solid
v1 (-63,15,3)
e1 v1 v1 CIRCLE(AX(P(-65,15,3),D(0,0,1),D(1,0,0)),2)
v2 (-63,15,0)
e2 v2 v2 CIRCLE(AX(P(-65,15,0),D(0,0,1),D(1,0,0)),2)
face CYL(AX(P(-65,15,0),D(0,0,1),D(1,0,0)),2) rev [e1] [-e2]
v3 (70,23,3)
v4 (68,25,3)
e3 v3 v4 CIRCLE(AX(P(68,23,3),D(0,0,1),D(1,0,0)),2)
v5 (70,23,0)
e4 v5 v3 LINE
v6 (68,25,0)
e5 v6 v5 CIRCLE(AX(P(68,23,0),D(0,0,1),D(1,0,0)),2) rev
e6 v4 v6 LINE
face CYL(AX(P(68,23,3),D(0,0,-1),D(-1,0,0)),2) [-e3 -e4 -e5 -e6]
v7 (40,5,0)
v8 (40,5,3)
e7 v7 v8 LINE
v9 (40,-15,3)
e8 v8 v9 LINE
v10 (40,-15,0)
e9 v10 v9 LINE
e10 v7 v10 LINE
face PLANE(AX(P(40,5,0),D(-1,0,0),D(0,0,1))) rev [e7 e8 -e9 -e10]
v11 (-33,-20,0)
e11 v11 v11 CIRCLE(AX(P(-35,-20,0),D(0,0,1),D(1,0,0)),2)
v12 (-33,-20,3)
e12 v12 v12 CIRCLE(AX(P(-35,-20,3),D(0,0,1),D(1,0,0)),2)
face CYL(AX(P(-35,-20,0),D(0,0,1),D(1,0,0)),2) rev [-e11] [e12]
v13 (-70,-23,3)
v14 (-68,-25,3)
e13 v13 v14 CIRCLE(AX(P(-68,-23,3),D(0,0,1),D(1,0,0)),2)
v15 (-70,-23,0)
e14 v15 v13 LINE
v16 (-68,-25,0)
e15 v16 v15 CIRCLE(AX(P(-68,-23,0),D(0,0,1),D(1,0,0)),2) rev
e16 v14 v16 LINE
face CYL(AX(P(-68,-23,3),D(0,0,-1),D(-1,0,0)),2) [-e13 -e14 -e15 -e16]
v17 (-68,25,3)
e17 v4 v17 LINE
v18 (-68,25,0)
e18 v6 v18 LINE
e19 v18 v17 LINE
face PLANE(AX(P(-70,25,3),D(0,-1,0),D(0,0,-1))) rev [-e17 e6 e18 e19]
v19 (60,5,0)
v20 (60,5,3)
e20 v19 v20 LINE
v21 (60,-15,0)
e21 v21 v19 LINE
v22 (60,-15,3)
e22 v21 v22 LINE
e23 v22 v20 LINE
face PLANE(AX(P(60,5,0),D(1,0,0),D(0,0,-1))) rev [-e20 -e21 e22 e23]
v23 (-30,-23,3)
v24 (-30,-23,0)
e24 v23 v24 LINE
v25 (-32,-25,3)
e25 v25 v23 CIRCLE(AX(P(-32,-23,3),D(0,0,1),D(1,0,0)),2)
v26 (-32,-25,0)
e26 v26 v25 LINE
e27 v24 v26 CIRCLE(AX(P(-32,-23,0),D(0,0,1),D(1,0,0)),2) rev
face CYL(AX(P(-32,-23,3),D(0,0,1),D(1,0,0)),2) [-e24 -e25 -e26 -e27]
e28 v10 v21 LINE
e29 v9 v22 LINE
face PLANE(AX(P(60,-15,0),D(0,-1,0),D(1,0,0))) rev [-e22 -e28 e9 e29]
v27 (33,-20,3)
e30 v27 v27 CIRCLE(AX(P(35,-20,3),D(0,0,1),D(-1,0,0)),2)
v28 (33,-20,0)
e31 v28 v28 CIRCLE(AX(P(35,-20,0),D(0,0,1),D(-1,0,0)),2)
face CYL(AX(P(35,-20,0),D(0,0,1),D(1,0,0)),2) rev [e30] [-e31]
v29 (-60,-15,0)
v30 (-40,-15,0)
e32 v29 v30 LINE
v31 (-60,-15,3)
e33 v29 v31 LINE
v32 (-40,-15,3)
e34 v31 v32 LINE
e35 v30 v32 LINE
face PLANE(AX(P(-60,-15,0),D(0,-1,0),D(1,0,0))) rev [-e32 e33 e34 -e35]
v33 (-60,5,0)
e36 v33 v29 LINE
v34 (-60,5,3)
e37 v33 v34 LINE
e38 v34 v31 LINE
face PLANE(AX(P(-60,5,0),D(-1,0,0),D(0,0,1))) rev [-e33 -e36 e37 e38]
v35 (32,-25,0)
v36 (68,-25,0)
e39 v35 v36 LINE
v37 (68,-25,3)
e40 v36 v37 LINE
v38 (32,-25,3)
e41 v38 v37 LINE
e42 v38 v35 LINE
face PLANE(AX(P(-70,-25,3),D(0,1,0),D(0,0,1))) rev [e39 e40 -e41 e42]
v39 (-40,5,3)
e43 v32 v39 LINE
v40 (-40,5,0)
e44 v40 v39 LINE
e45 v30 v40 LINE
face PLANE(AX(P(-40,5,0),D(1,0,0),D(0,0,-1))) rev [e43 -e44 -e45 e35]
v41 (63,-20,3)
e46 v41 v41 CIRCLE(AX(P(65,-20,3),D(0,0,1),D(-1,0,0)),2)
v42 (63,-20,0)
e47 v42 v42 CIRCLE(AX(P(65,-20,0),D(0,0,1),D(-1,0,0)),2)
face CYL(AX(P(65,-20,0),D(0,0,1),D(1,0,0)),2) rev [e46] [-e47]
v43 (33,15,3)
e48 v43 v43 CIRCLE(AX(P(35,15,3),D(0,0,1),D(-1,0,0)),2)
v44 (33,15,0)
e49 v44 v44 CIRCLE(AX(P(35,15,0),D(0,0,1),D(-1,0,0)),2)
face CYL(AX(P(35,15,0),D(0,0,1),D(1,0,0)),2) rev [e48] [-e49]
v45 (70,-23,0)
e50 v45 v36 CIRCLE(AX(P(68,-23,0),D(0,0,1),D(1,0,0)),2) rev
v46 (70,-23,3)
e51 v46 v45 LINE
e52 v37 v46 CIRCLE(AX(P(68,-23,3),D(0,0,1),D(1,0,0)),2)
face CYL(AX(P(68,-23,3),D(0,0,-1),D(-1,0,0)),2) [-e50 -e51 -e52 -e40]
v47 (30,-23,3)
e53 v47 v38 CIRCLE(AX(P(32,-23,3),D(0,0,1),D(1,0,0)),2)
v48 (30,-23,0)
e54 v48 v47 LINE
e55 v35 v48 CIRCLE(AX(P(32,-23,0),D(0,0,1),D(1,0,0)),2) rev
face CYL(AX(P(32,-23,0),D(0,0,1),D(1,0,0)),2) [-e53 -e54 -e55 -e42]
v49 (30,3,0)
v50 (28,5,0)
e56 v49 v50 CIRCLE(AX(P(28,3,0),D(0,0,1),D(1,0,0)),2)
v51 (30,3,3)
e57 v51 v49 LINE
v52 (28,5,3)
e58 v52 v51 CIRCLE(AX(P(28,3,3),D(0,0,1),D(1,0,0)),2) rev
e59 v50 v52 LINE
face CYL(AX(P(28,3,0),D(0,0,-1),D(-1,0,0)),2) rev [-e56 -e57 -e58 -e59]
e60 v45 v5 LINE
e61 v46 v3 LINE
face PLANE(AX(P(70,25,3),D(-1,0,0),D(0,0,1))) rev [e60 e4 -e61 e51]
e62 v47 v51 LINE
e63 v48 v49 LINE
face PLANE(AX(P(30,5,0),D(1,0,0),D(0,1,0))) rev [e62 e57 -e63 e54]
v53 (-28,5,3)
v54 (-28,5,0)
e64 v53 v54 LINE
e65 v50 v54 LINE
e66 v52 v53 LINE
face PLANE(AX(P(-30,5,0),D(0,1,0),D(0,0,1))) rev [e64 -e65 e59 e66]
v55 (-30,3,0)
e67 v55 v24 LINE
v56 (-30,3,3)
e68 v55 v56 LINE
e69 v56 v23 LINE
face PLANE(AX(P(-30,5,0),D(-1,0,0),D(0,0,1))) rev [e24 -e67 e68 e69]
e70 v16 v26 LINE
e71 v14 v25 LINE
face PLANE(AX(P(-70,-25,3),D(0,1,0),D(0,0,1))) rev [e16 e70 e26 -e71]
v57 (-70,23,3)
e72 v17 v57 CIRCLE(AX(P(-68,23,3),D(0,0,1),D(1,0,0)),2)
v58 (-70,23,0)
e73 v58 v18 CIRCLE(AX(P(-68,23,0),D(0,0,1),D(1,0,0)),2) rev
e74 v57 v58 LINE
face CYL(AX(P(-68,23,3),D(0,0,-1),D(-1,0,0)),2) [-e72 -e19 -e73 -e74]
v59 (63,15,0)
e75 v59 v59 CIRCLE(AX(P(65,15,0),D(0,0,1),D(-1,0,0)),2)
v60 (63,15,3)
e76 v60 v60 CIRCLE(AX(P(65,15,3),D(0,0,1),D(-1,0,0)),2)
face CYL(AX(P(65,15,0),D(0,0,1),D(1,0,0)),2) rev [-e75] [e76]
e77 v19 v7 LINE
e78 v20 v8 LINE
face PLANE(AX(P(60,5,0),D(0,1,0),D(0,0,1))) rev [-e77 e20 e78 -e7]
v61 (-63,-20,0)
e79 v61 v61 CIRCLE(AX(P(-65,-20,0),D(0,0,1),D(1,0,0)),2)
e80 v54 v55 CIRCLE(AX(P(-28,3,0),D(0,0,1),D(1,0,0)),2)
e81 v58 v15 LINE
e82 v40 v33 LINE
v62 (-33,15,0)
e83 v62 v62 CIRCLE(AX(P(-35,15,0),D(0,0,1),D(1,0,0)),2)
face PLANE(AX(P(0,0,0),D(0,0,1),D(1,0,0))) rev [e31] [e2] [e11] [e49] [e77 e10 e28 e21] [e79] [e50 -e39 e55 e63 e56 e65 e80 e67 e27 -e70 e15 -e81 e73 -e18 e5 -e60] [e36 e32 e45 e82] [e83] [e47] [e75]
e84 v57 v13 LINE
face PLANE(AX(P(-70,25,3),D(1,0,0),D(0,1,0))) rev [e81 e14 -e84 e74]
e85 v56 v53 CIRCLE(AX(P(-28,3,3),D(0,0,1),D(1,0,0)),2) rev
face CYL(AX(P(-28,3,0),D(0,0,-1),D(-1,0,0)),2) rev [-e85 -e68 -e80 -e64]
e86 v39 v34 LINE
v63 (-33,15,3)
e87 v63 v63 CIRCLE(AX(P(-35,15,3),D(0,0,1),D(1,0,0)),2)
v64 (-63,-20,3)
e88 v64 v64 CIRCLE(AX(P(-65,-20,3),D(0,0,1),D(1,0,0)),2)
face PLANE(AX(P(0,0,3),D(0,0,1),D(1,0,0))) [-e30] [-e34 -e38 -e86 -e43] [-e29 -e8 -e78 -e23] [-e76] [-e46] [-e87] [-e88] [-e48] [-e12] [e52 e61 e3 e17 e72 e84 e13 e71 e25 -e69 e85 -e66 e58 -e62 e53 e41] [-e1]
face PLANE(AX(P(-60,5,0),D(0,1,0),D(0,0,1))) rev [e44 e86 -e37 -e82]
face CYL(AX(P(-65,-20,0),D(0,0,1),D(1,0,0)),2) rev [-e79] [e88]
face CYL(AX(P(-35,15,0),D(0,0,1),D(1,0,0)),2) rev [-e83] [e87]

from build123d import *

# Parameters (mm, degrees)
SKETCH_1_W          = 140
SKETCH_1_H          = 50
EXTRUDE_1_DEPTH     = 3
SKETCH_2_W          = 20
SKETCH_2_H          = 20
CUT_EXTRUDE_1_DEPTH = 3
SKETCH_3_W          = 60
SKETCH_3_H          = 30
CUT_EXTRUDE_2_DEPTH = 3
SKETCH_4_R          = 2
CUT_EXTRUDE_4_DEPTH = 3
SKETCH_5_R          = 2
CUT_EXTRUDE_5_DEPTH = 3
FILLET_1_R          = 2


with BuildPart() as part:
    # 草图1 → 凸台-拉伸1 (new body)
    with BuildSketch(Plane.XY):
        Rectangle(SKETCH_1_W, SKETCH_1_H)
    extrude(amount=EXTRUDE_1_DEPTH)

    # 草图2 → 切除-拉伸1 (cut)
    with BuildSketch(Plane.XY.offset(3)):
        with Locations((-50, -5)):
            Rectangle(SKETCH_2_W, SKETCH_2_H)
        with Locations((50, -5)):
            Rectangle(SKETCH_2_W, SKETCH_2_H)
    extrude(amount=-CUT_EXTRUDE_1_DEPTH, mode=Mode.SUBTRACT)

    # 草图3 → 切除-拉伸2 (cut)
    with BuildSketch(Plane.XY.offset(3)):
        with Locations((0, -10)):
            Rectangle(SKETCH_3_W, SKETCH_3_H)
    extrude(amount=-CUT_EXTRUDE_2_DEPTH, mode=Mode.SUBTRACT)

    # 草图4 → 切除-拉伸4 (cut)
    with BuildSketch(Plane.XY.offset(3)):
        with Locations((-65, -20)):
            Circle(SKETCH_4_R)
        with Locations((-35, -20)):
            Circle(SKETCH_4_R)
        with Locations(Location((65, -20, 0), (0, 0, 180))):
            Circle(SKETCH_4_R)
        with Locations(Location((35, -20, 0), (0, 0, 180))):
            Circle(SKETCH_4_R)
    extrude(amount=-CUT_EXTRUDE_4_DEPTH, mode=Mode.SUBTRACT)

    # 草图5 → 切除-拉伸5 (cut)
    with BuildSketch(Plane.XY.offset(3)):
        with Locations((-65, 15)):
            Circle(SKETCH_5_R)
        with Locations((-35, 15)):
            Circle(SKETCH_5_R)
        with Locations(Location((35, 15, 0), (0, 0, 180))):
            Circle(SKETCH_5_R)
        with Locations(Location((65, 15, 0), (0, 0, 180))):
            Circle(SKETCH_5_R)
    extrude(amount=-CUT_EXTRUDE_5_DEPTH, mode=Mode.SUBTRACT)

    # 圆角1
    fillet_1_edges = [part.edges().sort_by_distance(p)[0] for p in [
        (30, 5, 1.5),
        (30, -25, 1.5),
        (-30, -25, 1.5),
        (-30, 5, 1.5),
        (70, -25, 1.5),
        (-70, -25, 1.5),
        (-70, 25, 1.5),
        (70, 25, 1.5),
    ]]
    fillet(fillet_1_edges, radius=FILLET_1_R)


solid = part.part
